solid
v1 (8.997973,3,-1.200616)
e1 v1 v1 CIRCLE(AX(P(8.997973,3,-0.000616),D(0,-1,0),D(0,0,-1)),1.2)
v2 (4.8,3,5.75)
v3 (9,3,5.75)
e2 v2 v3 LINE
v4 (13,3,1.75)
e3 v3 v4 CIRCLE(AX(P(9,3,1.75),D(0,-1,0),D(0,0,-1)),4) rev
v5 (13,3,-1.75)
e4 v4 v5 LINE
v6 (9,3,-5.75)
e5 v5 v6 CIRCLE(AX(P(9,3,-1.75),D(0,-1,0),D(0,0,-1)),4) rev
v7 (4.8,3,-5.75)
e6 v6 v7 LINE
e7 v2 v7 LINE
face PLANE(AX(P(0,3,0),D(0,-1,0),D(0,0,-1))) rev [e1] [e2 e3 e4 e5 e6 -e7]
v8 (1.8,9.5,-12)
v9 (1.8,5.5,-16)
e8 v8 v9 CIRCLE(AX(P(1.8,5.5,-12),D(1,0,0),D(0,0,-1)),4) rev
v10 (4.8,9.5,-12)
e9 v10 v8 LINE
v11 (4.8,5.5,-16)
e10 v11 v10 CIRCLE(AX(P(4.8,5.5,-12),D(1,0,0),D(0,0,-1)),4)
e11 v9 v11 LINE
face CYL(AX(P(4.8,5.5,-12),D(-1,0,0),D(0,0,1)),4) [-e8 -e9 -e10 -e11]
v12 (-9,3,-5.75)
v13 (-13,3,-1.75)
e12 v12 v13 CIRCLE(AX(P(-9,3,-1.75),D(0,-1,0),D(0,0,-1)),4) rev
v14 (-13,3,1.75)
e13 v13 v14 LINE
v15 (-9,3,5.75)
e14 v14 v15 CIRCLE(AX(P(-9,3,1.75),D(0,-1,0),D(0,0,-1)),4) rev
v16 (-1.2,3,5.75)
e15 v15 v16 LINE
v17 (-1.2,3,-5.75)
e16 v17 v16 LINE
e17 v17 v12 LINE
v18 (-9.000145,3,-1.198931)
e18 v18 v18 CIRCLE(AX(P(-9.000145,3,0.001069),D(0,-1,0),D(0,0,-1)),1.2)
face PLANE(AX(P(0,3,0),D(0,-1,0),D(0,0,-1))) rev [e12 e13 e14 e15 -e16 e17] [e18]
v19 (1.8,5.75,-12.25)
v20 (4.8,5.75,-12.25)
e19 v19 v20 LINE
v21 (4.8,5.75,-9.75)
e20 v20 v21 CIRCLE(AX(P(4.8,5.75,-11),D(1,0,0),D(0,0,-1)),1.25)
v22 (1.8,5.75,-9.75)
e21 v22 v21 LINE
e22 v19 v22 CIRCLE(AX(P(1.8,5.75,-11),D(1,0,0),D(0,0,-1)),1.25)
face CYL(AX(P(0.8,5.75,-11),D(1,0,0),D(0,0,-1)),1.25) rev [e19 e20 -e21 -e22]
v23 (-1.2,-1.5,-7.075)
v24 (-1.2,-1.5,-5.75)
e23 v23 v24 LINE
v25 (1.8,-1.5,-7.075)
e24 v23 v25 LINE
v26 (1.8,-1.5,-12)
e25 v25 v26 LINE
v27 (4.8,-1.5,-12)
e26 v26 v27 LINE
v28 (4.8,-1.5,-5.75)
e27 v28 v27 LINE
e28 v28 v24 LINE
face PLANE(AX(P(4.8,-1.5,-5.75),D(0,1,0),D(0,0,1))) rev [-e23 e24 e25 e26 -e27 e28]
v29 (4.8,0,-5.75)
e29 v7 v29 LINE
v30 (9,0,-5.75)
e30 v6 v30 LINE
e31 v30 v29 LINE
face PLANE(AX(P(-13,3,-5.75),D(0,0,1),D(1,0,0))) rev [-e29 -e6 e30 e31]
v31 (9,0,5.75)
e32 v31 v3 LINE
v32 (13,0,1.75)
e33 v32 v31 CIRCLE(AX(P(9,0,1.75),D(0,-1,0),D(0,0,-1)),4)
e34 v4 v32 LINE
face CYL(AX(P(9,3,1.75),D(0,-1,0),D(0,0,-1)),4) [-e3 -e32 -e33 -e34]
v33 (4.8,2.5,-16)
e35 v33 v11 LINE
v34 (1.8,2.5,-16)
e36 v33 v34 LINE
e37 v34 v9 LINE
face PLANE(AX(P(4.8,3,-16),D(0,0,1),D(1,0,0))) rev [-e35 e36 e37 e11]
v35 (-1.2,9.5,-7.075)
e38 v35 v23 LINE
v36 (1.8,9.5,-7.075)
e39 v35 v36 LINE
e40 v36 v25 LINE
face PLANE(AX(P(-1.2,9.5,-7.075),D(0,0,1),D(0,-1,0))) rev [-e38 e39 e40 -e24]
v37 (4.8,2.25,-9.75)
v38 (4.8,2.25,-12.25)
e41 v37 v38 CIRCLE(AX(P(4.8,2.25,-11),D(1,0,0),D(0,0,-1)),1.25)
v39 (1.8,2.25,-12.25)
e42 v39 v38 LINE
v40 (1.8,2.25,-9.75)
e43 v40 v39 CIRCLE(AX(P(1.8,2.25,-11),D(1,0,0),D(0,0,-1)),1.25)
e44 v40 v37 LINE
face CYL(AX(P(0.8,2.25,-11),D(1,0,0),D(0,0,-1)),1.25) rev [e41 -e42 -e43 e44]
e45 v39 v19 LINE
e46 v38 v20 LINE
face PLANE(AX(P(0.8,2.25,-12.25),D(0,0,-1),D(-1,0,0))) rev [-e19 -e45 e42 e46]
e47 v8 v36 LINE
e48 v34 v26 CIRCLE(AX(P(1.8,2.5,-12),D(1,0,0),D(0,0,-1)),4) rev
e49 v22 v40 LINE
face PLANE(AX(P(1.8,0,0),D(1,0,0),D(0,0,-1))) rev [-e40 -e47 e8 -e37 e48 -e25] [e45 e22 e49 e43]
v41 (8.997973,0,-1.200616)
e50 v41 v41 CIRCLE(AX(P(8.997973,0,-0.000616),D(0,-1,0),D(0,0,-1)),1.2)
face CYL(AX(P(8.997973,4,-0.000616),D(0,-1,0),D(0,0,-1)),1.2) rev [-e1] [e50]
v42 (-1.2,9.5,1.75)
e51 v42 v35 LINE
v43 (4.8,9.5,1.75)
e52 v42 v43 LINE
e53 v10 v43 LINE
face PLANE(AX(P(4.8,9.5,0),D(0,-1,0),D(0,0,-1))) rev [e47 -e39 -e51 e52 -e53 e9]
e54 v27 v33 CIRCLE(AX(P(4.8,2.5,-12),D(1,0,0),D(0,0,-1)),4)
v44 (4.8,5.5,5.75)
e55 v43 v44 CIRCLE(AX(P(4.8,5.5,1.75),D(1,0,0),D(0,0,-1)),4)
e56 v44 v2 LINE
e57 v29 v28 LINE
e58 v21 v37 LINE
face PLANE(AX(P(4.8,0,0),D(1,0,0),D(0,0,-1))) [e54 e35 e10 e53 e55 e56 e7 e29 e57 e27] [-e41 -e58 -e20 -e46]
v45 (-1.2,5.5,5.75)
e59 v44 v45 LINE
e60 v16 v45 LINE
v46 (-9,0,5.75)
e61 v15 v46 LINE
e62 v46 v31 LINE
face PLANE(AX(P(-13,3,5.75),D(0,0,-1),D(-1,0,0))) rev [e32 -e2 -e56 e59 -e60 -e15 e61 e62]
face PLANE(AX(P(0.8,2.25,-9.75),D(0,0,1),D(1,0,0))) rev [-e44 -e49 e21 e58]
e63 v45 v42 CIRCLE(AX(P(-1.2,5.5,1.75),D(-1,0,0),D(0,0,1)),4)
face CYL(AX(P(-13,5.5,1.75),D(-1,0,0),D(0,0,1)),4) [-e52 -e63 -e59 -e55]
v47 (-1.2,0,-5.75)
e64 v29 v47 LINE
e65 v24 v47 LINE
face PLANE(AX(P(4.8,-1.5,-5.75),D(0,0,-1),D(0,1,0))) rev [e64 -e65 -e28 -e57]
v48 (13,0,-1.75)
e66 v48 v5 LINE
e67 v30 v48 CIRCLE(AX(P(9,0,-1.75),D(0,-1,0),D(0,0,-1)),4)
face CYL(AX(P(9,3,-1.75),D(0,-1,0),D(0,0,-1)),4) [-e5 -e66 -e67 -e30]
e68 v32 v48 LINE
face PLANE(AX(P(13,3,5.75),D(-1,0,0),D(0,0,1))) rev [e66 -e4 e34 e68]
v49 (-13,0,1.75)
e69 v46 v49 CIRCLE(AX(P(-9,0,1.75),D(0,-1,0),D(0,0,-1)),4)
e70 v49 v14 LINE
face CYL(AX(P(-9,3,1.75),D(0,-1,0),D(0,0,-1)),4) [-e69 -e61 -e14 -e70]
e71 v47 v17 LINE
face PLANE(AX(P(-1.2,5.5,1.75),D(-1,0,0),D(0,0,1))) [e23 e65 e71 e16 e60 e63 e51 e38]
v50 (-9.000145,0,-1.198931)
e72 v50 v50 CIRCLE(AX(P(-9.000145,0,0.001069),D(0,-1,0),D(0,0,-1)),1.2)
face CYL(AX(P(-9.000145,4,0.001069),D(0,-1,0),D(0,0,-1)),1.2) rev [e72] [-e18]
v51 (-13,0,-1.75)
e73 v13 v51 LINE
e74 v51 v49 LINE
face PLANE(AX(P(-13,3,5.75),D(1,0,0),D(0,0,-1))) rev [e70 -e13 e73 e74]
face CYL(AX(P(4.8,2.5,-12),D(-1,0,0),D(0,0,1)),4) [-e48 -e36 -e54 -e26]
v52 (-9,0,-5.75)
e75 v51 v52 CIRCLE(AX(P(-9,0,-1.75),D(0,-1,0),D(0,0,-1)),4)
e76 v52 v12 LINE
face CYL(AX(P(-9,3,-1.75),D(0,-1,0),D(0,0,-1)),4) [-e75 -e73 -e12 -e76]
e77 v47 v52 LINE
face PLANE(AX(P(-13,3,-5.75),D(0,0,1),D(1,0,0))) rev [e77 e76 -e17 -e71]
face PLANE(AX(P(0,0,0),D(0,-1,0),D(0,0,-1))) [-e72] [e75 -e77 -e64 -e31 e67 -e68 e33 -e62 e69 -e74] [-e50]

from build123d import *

# Parameters (mm, degrees)
SKETCH1_W           = 26
SKETCH1_H           = 11.5
BOSS_EXTRUDE1_DEPTH = 3
FILLET1_R           = 4
BOSS_EXTRUDE2_DEPTH = 3
FILLET2_R           = 4
BOSS_EXTRUDE3_DEPTH = 3
CUT_EXTRUDE2_DEPTH  = 4
FILLET3_R           = 4
SKETCH5_R           = 1.2
CUT_EXTRUDE3_DEPTH  = 4


with BuildPart() as part:
    # Sketch1 → Boss-Extrude1 (new body)
    with BuildSketch(Plane(origin=(0, 0, 0), x_dir=(1, 0, 0), z_dir=(0, 1, 0))):
        Rectangle(SKETCH1_W, SKETCH1_H)
    extrude(amount=BOSS_EXTRUDE1_DEPTH)

    # Fillet1
    fillet1_edges = [part.edges().sort_by_distance(p)[0] for p in [
        (13, 1.5, 5.75),
        (-13, 1.5, 5.75),
        (-13, 1.5, -5.75),
        (13, 1.5, -5.75),
    ]]
    fillet(fillet1_edges, radius=FILLET1_R)

    # Sketch2 → Boss-Extrude2 (add)
    with BuildSketch(Plane(origin=(1.8, 0, 0), x_dir=(0, 0, -1), z_dir=(1, 0, 0))):
        Polygon((0, 3), (5.75, 3), (5.75, -1.5), (16, -1.5), (16, 3), (16, 9.5), (0, 9.5), (-5.75, 9.5), (-5.75, 3), align=None)
    extrude(amount=BOSS_EXTRUDE2_DEPTH)

    # Fillet2
    fillet2_edges = [part.edges().sort_by_distance(p)[0] for p in [
        (3.3, 9.5, 5.75),
    ]]
    fillet(fillet2_edges, radius=FILLET2_R)

    # Sketch4 → Boss-Extrude3 (add)
    with BuildSketch(Plane.ZY.offset(-1.8)):
        with BuildLine():
            Line((-7.075, 9.5), (-7.075, -1.5))
            Line((-7.075, -1.5), (-5.75, -1.5))
            Line((-5.75, -1.5), (-5.75, 0))
            Line((-5.75, 0), (-5.75, 3))
            Line((-5.75, 3), (5.75, 3))
            Line((5.75, 3), (5.75, 5.5))
            ThreePointArc((5.75, 5.5), (4.578427125, 8.328427125), (1.75, 9.5))
            Line((1.75, 9.5), (-7.075, 9.5))
        make_face()
    extrude(amount=BOSS_EXTRUDE3_DEPTH)

    # Sketch3 → Cut-Extrude2 (cut)
    with BuildSketch(Plane(origin=(4.8, 0, 0), x_dir=(0, 0, -1), z_dir=(1, 0, 0))):
        with BuildLine():
            Line((9.75, 2.25), (9.75, 5.75))
            ThreePointArc((9.75, 5.75), (11, 7), (12.25, 5.75))
            Line((12.25, 5.75), (12.25, 2.25))
            ThreePointArc((12.25, 2.25), (11, 1), (9.75, 2.25))
        make_face()
    extrude(amount=-CUT_EXTRUDE2_DEPTH, mode=Mode.SUBTRACT)

    # Fillet3
    fillet3_edges = [part.edges().sort_by_distance(p)[0] for p in [
        (3.3, -1.5, -16),
        (3.3, 9.5, -16),
    ]]
    fillet(fillet3_edges, radius=FILLET3_R)

    # Sketch5 → Cut-Extrude3 (cut)
    with BuildSketch(Plane.XZ):
        with Locations(Location((8.997973452, -0.000616233, 0), (0, 0, 270))):
            Circle(SKETCH5_R)
        with Locations(Location((-9.000145119, 0.001069025, 0), (0, 0, 270))):
            Circle(SKETCH5_R)
    extrude(amount=-CUT_EXTRUDE3_DEPTH, mode=Mode.SUBTRACT)


solid = part.part
